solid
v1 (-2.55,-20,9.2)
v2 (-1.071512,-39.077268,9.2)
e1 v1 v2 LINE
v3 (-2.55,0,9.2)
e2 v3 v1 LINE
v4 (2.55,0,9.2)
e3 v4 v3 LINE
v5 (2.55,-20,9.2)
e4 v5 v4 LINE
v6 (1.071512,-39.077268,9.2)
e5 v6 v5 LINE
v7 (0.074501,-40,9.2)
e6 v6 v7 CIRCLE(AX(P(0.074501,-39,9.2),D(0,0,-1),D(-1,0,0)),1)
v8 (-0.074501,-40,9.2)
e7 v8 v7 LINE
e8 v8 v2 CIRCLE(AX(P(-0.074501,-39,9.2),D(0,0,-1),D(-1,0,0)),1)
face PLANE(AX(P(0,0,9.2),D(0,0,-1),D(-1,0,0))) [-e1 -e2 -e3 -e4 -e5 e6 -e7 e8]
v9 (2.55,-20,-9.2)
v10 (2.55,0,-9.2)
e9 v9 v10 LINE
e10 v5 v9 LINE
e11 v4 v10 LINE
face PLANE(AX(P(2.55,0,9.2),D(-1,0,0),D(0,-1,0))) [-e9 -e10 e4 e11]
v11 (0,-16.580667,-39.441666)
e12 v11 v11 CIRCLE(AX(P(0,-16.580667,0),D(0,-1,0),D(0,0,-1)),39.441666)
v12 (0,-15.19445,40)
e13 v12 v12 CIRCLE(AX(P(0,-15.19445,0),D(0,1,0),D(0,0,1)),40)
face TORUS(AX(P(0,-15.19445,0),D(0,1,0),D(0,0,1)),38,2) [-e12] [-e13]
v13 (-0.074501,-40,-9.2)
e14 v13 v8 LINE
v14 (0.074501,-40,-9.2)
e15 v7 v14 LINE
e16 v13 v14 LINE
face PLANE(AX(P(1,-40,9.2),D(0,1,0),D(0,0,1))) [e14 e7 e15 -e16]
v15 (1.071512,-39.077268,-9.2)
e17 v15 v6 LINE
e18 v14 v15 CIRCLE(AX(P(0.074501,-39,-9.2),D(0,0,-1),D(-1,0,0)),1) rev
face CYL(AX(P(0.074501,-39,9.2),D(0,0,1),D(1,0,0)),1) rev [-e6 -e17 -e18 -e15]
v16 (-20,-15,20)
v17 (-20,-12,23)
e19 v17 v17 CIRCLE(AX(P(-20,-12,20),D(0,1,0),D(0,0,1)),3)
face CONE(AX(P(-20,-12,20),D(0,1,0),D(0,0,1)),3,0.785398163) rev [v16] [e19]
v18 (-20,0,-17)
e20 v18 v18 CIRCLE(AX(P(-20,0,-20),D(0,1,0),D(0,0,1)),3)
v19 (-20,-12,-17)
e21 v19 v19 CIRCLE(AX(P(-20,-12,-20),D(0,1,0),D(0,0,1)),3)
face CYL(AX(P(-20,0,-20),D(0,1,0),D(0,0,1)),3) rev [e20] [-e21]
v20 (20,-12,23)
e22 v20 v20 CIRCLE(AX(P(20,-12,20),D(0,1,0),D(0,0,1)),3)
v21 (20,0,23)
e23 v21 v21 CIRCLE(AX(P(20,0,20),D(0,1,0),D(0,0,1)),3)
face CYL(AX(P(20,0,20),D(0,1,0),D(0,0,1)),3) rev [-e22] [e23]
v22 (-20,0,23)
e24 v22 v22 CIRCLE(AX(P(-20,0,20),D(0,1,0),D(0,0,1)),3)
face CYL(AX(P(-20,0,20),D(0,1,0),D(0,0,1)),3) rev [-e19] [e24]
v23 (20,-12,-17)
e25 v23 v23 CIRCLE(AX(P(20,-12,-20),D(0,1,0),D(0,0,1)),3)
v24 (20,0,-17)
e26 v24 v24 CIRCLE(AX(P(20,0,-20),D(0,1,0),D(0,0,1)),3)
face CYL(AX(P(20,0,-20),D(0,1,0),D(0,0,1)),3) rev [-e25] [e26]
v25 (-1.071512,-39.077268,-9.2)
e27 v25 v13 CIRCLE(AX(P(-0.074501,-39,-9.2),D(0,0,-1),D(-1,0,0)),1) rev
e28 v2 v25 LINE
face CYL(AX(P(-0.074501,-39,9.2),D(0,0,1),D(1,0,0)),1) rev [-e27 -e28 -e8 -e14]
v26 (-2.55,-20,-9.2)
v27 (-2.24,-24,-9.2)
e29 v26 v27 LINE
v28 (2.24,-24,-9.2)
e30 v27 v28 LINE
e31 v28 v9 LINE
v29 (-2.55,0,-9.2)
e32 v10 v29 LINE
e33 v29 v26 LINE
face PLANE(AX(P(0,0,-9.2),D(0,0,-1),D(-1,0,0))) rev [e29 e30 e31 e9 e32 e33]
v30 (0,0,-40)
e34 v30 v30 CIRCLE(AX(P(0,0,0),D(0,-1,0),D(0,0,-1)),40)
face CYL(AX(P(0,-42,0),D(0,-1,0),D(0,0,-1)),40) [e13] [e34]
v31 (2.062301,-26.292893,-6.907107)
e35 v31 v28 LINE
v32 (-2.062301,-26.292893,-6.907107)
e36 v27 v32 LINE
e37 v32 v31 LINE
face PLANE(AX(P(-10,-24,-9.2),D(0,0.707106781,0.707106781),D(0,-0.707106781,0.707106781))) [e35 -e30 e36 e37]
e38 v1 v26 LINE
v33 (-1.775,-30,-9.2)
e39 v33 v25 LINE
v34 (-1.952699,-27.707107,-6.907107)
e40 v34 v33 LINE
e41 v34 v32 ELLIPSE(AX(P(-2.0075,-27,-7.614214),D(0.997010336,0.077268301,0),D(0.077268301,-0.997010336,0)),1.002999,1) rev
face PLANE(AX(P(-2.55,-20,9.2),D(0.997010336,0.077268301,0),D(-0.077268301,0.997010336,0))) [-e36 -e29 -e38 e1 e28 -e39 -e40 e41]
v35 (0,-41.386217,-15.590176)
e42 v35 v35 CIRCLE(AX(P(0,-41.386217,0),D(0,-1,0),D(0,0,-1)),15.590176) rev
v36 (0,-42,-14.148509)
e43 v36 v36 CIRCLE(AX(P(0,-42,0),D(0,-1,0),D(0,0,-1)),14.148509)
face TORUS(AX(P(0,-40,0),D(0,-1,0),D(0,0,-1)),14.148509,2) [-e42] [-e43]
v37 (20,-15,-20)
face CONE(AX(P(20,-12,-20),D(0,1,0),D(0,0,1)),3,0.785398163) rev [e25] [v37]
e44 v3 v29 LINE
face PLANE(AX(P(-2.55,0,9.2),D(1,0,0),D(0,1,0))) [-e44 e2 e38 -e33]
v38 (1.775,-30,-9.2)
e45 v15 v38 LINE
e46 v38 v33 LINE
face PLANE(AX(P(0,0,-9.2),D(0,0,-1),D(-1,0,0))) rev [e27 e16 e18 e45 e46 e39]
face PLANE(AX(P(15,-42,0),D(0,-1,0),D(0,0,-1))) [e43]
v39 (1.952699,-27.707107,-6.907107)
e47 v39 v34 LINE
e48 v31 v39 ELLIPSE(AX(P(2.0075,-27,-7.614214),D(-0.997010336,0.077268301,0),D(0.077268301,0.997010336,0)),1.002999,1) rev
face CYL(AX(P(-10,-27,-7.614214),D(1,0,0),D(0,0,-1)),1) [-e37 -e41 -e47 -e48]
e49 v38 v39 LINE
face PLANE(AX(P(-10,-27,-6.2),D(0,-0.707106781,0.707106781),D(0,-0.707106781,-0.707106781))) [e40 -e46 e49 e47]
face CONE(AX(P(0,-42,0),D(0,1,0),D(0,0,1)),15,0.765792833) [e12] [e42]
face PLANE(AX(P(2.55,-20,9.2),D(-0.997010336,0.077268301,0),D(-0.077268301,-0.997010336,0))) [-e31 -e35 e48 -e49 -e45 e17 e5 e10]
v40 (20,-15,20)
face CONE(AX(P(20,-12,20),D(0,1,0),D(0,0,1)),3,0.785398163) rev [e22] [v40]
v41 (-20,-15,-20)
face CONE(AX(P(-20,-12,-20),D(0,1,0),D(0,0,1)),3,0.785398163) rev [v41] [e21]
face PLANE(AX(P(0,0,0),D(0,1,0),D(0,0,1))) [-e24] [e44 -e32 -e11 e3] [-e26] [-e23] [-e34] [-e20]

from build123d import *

# Parameters (mm, degrees)
F_6_0MM_DOWEL_HOLE7_D     = 6
F_6_0MM_DOWEL_HOLE7_DEPTH = 12
F_6_0MM_DOWEL_HOLE7_TIP   = 3
CUT_EXTRUDE1_DEPTH        = 9.2
CUT_EXTRUDE1_DEPTH_BACK   = 9.2
FILLET1_R                 = 2
FILLET2_R                 = 2
FILLET6_R                 = 1
FILLET7_R                 = 1
BOSS_EXTRUDE1_DEPTH       = 10
BOSS_EXTRUDE1_DEPTH_BACK  = 10
FILLET8_R                 = 1


with BuildPart() as part:
    # Sketch1 → Revolve1 (revolve)
    with BuildSketch(Plane.XY):
        Polygon((0, 0), (40, 0), (40, -16), (15, -42), (0, -42), align=None)
    revolve(axis=Axis((0, -42, 0), (0, 1, 0)))

    # Ø6.0mm Dowel Hole7
    with Locations(Plane(origin=(0, 0, 0), x_dir=(1, 0, 0), z_dir=(0, 1, 0))):
        with Locations((20, -20), (-20, 20), (-20, -20), (20, 20)):
            Hole(F_6_0MM_DOWEL_HOLE7_D / 2, depth=F_6_0MM_DOWEL_HOLE7_DEPTH)
            with Locations((0, 0, -(F_6_0MM_DOWEL_HOLE7_DEPTH + F_6_0MM_DOWEL_HOLE7_TIP / 2))):  # 90° drill point
                Cone(0, F_6_0MM_DOWEL_HOLE7_D / 2, F_6_0MM_DOWEL_HOLE7_TIP, mode=Mode.SUBTRACT)

    # Sketch13 → Cut-Extrude1 (cut, two sides: drawn at the far end of the back side and taken through both)
    with BuildSketch(Plane.XY.offset(-CUT_EXTRUDE1_DEPTH_BACK)):
        Polygon((-2.55, 0), (2.55, 0), (2.55, -20), (1, -40), (-1, -40), (-2.55, -20), align=None)
    extrude(amount=CUT_EXTRUDE1_DEPTH + CUT_EXTRUDE1_DEPTH_BACK, mode=Mode.SUBTRACT)

    # Fillet1
    fillet1_edges = [part.edges().sort_by_distance(p)[0] for p in [
        (-15, -42, 0),
    ]]
    fillet(fillet1_edges, radius=FILLET1_R)

    # Fillet2
    fillet2_edges = [part.edges().sort_by_distance(p)[0] for p in [
        (-40, -16, 0),
    ]]
    fillet(fillet2_edges, radius=FILLET2_R)

    # Fillet6
    fillet6_edges = [part.edges().sort_by_distance(p)[0] for p in [
        (1, -40, 0),
    ]]
    fillet(fillet6_edges, radius=FILLET6_R)

    # Fillet7
    fillet7_edges = [part.edges().sort_by_distance(p)[0] for p in [
        (-1, -40, 0),
    ]]
    fillet(fillet7_edges, radius=FILLET7_R)

    # Sketch14 → Boss-Extrude1 (add, two sides: drawn at the far end of the back side and taken through both)
    with BuildSketch(Plane(origin=(0, 0, 0), x_dir=(0, 0, -1), z_dir=(1, 0, 0)).offset(-BOSS_EXTRUDE1_DEPTH_BACK)):
        Polygon((9.2, -30), (12.2, -27), (9.2, -24), (6.2, -27), align=None)
    extrude(amount=BOSS_EXTRUDE1_DEPTH + BOSS_EXTRUDE1_DEPTH_BACK)

    # Fillet8
    fillet8_edges = [part.edges().sort_by_distance(p)[0] for p in [
        (0, -27, -6.2),
    ]]
    fillet(fillet8_edges, radius=FILLET8_R)


solid = part.part
